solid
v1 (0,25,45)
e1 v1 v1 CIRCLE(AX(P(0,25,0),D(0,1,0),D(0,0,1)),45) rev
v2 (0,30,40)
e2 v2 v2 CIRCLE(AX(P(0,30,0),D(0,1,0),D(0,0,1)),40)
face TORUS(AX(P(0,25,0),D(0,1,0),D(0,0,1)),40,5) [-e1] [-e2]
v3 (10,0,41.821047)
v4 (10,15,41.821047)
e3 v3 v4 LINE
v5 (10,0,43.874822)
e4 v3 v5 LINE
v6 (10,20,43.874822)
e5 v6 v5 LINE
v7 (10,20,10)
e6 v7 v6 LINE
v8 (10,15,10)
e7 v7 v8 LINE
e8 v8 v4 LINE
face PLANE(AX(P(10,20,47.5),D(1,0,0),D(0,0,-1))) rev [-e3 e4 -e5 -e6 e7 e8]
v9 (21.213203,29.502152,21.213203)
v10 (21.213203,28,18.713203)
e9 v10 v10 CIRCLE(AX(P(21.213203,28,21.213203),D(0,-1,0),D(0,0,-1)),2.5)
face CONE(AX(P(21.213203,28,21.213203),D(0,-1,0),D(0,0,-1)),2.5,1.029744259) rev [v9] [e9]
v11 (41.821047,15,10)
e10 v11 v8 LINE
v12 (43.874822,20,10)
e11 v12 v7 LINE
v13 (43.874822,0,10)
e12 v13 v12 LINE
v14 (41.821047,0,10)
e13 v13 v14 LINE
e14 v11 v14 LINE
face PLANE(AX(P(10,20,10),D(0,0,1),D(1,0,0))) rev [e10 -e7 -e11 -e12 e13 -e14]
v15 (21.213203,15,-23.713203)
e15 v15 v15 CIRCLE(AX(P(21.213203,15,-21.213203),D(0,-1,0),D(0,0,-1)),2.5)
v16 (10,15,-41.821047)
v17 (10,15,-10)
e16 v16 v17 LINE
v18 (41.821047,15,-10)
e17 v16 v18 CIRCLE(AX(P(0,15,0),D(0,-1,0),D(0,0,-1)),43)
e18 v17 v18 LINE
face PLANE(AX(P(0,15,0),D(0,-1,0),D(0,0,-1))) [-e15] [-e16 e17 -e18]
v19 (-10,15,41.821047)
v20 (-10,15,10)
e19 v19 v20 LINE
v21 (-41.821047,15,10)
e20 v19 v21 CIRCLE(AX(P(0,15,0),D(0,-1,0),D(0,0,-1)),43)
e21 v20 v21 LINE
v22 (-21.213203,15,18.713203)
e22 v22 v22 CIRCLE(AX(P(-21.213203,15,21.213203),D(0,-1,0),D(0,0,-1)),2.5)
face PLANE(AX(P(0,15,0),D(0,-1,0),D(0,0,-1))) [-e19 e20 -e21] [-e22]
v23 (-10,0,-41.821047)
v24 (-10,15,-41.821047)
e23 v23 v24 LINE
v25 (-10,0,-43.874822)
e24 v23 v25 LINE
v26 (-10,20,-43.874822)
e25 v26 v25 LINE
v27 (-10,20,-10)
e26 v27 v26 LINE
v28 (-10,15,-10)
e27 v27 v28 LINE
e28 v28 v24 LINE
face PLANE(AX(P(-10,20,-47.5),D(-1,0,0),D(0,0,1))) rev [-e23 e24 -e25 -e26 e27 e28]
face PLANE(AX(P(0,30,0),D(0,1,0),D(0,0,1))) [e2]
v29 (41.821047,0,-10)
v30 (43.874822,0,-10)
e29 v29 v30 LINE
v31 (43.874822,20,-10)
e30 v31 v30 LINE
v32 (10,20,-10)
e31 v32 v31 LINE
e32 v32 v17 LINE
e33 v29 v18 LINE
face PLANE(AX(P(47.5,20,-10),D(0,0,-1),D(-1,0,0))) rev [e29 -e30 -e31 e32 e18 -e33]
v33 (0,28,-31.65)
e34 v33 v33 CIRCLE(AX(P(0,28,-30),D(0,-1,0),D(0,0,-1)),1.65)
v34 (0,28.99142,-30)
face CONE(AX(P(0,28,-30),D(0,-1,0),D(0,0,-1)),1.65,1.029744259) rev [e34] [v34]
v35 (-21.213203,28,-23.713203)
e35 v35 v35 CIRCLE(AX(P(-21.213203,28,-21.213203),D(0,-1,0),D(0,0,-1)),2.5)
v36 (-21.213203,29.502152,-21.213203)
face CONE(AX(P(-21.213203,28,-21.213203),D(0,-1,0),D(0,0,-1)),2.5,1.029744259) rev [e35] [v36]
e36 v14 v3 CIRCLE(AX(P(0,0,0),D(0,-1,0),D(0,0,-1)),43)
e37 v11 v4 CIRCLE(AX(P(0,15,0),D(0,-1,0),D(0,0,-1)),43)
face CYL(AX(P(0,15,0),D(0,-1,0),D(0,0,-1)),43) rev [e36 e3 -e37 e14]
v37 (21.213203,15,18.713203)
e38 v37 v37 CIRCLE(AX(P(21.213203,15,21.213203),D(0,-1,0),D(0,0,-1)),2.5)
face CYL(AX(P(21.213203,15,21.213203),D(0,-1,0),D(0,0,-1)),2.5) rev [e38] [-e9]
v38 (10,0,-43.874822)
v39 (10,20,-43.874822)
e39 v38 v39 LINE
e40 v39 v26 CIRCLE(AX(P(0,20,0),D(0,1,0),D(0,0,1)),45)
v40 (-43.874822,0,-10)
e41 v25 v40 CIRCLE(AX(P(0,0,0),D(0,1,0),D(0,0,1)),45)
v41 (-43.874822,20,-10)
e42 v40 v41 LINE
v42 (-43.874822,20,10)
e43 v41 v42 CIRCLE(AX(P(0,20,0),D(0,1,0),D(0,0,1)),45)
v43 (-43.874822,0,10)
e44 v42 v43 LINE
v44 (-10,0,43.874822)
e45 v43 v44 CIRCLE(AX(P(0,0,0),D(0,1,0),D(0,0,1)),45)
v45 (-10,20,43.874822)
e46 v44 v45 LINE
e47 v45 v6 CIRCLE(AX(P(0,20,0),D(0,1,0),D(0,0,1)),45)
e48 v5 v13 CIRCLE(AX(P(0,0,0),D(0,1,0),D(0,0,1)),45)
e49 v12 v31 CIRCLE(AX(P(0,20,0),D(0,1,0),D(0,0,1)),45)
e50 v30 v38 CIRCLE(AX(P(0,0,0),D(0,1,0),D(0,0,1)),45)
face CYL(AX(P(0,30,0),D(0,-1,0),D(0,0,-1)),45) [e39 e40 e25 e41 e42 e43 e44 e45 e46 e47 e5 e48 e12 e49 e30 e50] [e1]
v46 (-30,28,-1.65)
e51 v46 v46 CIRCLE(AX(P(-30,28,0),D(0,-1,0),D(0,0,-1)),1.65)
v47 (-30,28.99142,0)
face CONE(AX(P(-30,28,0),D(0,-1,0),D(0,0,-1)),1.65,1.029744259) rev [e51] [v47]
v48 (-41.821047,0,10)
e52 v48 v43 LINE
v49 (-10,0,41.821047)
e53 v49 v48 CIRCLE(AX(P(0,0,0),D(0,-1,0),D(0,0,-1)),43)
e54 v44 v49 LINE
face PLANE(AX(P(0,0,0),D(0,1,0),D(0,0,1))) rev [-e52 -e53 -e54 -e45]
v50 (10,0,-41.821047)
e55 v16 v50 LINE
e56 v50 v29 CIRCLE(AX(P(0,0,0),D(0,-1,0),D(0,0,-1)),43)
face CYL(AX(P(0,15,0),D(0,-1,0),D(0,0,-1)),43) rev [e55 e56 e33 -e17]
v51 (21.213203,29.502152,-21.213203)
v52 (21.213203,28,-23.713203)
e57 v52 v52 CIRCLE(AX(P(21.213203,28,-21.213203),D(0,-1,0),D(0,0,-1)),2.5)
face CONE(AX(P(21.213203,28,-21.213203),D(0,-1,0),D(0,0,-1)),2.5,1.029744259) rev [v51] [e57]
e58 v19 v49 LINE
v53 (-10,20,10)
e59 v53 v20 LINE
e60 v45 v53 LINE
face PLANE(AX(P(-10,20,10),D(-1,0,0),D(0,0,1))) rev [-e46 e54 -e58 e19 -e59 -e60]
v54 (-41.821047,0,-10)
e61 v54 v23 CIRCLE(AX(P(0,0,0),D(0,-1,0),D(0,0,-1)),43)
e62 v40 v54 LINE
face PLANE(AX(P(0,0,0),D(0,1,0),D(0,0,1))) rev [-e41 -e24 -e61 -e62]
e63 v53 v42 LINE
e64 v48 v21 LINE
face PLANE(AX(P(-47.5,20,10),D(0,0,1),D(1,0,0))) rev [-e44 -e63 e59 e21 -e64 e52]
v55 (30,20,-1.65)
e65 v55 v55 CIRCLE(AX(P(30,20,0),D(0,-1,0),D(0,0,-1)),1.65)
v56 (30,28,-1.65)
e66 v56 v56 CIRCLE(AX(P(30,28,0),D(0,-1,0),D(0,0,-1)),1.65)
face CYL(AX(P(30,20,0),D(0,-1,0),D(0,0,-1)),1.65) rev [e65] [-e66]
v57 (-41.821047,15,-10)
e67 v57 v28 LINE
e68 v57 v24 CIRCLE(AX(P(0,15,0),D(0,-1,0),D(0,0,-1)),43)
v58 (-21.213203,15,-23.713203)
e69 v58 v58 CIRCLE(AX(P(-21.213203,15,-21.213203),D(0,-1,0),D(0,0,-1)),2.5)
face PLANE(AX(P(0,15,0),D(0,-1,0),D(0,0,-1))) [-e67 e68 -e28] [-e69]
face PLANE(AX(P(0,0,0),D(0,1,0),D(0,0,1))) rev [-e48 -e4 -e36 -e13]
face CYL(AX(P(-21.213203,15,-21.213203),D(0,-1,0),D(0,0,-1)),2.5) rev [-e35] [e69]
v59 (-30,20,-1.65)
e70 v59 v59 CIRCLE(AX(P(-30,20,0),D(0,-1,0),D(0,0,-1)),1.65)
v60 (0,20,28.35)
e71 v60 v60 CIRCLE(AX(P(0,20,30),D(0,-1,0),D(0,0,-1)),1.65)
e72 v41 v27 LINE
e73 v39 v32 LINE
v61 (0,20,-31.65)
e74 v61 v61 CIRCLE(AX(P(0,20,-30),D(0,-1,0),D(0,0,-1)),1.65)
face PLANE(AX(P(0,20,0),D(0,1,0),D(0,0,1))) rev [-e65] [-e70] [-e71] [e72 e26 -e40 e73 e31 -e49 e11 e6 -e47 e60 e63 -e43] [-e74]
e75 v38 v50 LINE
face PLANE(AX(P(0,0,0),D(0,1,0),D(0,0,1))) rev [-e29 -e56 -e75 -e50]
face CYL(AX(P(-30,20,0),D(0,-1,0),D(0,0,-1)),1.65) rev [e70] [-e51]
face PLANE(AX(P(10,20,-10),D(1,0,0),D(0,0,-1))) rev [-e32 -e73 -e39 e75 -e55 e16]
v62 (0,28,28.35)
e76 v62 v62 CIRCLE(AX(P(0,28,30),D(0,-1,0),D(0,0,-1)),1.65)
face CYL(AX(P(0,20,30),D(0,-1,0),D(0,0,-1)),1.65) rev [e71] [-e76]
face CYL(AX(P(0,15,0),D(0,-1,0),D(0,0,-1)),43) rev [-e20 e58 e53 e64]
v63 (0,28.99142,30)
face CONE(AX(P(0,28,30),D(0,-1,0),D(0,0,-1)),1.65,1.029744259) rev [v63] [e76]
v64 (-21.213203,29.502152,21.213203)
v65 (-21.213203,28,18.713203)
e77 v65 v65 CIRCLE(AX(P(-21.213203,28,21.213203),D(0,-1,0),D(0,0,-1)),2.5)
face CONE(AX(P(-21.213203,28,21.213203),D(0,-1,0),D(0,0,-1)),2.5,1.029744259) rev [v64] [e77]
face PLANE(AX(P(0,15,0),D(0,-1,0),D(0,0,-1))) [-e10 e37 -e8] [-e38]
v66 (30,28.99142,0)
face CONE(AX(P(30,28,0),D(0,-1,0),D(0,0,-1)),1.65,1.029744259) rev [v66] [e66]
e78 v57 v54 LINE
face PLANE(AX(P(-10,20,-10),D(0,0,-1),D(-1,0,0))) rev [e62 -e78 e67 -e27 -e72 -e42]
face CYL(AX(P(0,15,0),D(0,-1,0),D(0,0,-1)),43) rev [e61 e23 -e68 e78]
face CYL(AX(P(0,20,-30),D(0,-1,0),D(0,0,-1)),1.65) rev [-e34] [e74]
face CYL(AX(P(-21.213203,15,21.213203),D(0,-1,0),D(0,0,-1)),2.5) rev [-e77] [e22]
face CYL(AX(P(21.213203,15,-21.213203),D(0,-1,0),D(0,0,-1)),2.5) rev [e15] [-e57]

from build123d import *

# Parameters (mm, degrees)
SKETCH_1_R             = 45
EXTRUDE_1_DEPTH        = 30
SKETCH_2_R             = 43
CUT_EXTRUDE_1_DEPTH    = 15
CUT_EXTRUDE_2_DEPTH    = 20
FILLET_1_R             = 5
HOLE_WIZARD_M6_1_D     = 5
HOLE_WIZARD_M6_1_DEPTH = 13
HOLE_WIZARD_M6_1_TIP   = 1.502151548
HOLE_WIZARD_M4_1_D     = 3.3
HOLE_WIZARD_M4_1_DEPTH = 8
HOLE_WIZARD_M4_1_TIP   = 0.991420021


with BuildPart() as part:
    # 草圖1 → 填料-伸長1 (new body)
    with BuildSketch(Plane(origin=(0, 0, 0), x_dir=(1, 0, 0), z_dir=(0, 1, 0))):
        with Locations(Location((0, 0, 0), (0, 0, 270))):
            Circle(SKETCH_1_R)
    extrude(amount=EXTRUDE_1_DEPTH)

    # 草圖2 → 除料-伸長1 (cut)
    with BuildSketch(Plane(origin=(0, 0, 0), x_dir=(-1, 0, 0), z_dir=(0, -1, 0))):
        with Locations(Location((0, 0, 0), (0, 0, 90))):
            Circle(SKETCH_2_R)
    extrude(amount=-CUT_EXTRUDE_1_DEPTH, mode=Mode.SUBTRACT)

    # 草圖3 → 除料-伸長2 (cut)
    with BuildSketch(Plane.XZ):
        Polygon((-47.5, 10), (-10, 10), (-10, 47.5), (10, 47.5), (10, 10), (47.5, 10), (47.5, -10), (10, -10), (10, -47.5), (-10, -47.5), (-10, -10), (-47.5, -10), align=None)
    extrude(amount=-CUT_EXTRUDE_2_DEPTH, mode=Mode.SUBTRACT)

    # 圓角1
    fillet_1_edges = [part.edges().sort_by_distance(p)[0] for p in [
        (0, 30, -45),
    ]]
    fillet(fillet_1_edges, radius=FILLET_1_R)

    # M6 螺紋孔1
    with Locations(Plane(origin=(0, 15, 0), x_dir=(-1, 0, 0), z_dir=(0, -1, 0))):
        with Locations((21.213203436, -21.213203436), (-21.213203436, 21.213203436), (-21.213203436, -21.213203436), (21.213203436, 21.213203436)):
            Hole(HOLE_WIZARD_M6_1_D / 2, depth=HOLE_WIZARD_M6_1_DEPTH)
            with Locations((0, 0, -(HOLE_WIZARD_M6_1_DEPTH + HOLE_WIZARD_M6_1_TIP / 2))):  # 118° drill point
                Cone(0, HOLE_WIZARD_M6_1_D / 2, HOLE_WIZARD_M6_1_TIP, mode=Mode.SUBTRACT)

    # M4 螺紋孔1
    with Locations(Plane(origin=(0, 20, 0), x_dir=(-1, 0, 0), z_dir=(0, -1, 0))):
        with Locations((0, -30), (0, 30), (30, 0), (-30, 0)):
            Hole(HOLE_WIZARD_M4_1_D / 2, depth=HOLE_WIZARD_M4_1_DEPTH)
            with Locations((0, 0, -(HOLE_WIZARD_M4_1_DEPTH + HOLE_WIZARD_M4_1_TIP / 2))):  # 118° drill point
                Cone(0, HOLE_WIZARD_M4_1_D / 2, HOLE_WIZARD_M4_1_TIP, mode=Mode.SUBTRACT)


solid = part.part
